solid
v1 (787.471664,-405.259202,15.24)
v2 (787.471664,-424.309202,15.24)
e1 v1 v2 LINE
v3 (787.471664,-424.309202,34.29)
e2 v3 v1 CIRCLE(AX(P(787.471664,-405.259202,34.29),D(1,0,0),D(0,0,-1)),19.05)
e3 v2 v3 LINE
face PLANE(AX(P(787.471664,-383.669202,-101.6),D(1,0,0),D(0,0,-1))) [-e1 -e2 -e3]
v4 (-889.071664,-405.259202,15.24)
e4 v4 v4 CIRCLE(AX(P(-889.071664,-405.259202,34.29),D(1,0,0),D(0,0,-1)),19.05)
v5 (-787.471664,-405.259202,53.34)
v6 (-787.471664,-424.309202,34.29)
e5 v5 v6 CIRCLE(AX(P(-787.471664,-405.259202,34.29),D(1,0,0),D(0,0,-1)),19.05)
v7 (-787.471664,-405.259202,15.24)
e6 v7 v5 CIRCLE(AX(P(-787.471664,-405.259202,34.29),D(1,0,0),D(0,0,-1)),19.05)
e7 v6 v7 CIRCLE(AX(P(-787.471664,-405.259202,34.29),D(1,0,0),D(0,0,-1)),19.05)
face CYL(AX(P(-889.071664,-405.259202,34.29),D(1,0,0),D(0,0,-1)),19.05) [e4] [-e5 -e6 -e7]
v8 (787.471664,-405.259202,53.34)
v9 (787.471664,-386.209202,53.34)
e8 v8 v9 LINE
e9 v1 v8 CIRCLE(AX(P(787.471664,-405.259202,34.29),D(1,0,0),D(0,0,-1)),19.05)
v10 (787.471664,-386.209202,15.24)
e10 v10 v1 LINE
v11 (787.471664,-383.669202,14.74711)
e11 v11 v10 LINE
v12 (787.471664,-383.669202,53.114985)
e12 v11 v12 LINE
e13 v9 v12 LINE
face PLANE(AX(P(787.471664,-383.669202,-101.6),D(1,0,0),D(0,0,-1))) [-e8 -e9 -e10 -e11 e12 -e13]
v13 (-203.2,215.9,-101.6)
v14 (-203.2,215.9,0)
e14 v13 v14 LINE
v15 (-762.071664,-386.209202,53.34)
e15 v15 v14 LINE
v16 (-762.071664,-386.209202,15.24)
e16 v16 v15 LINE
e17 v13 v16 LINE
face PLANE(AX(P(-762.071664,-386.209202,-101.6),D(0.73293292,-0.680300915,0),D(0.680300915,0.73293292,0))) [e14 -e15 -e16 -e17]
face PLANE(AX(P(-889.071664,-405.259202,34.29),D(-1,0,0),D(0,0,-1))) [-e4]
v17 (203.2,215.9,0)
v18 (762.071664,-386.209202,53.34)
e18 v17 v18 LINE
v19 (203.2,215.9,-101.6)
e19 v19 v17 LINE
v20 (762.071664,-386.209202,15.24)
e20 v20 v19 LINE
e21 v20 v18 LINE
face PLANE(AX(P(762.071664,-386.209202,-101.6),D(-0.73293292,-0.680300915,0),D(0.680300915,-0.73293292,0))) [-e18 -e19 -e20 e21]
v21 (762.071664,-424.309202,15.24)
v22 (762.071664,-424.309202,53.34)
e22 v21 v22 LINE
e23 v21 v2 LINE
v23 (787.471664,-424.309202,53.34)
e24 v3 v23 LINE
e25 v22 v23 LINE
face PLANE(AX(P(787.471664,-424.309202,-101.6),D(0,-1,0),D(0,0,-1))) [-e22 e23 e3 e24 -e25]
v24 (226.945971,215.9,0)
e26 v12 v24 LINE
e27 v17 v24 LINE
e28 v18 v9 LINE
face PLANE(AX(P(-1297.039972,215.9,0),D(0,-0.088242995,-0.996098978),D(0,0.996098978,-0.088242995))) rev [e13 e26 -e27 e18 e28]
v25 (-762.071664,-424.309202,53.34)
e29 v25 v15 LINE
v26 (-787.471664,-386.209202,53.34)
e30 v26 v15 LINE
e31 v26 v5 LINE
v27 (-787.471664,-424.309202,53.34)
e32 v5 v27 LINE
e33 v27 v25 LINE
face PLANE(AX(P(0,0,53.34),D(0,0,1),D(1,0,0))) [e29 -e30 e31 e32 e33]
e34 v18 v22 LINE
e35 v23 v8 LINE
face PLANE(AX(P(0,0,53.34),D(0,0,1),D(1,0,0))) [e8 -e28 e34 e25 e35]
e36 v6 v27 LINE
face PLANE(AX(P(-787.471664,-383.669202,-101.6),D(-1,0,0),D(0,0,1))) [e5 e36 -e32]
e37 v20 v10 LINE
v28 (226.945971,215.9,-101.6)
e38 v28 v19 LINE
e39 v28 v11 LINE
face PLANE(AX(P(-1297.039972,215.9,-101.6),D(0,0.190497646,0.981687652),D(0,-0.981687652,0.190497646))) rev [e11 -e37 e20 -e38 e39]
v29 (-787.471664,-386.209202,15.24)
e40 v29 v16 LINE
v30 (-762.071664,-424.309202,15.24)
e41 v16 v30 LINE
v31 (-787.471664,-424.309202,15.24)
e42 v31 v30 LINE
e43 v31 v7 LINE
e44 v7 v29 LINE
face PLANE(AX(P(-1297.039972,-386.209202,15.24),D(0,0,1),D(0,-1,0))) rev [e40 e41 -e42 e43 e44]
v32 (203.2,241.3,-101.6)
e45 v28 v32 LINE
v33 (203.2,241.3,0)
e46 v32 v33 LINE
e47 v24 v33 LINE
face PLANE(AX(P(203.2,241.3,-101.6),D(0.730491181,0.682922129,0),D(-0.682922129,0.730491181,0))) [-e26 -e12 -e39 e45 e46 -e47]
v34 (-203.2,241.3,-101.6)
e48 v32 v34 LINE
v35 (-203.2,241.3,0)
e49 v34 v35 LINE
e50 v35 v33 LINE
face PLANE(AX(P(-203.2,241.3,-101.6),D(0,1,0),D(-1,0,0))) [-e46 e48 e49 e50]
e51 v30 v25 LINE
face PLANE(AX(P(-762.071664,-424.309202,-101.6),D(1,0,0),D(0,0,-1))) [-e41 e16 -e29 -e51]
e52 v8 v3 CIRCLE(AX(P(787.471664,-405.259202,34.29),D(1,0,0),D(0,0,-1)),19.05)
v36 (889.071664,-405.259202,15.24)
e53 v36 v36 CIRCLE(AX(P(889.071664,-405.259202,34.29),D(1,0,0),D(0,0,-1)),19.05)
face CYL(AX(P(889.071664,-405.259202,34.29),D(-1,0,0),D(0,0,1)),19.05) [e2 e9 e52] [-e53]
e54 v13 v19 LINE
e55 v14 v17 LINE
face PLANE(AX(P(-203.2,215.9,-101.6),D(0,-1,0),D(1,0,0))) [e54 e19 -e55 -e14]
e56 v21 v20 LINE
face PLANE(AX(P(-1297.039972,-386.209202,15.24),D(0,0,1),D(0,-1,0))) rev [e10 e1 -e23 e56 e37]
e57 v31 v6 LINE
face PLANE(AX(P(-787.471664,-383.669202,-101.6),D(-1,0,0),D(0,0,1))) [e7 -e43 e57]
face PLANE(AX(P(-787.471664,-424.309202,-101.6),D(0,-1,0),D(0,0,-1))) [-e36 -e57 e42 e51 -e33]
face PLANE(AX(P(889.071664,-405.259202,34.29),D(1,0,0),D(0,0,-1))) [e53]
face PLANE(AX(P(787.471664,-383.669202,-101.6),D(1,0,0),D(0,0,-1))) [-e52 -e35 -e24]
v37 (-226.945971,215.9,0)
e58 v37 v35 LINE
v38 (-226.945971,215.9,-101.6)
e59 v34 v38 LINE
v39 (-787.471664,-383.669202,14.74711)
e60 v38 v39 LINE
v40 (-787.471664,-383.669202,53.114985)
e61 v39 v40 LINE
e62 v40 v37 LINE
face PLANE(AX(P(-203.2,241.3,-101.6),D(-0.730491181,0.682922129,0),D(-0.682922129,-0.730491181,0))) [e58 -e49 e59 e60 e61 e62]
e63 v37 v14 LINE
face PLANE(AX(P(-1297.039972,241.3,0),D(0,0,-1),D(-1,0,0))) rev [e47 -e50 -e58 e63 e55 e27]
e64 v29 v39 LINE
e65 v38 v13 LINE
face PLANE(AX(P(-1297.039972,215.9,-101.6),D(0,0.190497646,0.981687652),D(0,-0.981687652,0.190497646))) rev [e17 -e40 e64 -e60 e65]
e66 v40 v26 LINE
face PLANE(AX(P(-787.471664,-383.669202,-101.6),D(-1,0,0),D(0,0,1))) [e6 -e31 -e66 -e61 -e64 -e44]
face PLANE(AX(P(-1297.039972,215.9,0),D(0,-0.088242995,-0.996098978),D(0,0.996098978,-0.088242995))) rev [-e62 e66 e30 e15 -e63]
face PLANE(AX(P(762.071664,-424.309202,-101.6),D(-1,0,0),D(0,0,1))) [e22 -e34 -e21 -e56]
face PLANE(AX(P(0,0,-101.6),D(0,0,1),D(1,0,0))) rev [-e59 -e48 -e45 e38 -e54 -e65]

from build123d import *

# Parameters (mm, degrees)
BOSS_EXTRUDE6_DEPTH            = 53.34
BOSS_EXTRUDE6_DEPTH_BACK       = 101.6
SKETCH13_R                     = 19.05
BOSS_EXTRUDE7_DEPTH            = 101.6
CUT_EXTRUDE8_REACH             = 992.358
CUT_EXTRUDE8_DIRECTION_2_REACH = 992.358


with BuildPart() as part:
    # Sketch12 → Boss-Extrude6 (new, two sides: drawn at the far end of the back side and taken through both)
    with BuildSketch(Plane.XY.offset(-BOSS_EXTRUDE6_DEPTH_BACK)):
        Polygon((-203.2, 241.3), (203.2, 241.3), (787.471663752, -383.669201703), (787.471663752, -424.309201703), (762.071663752, -424.309201703), (762.071663752, -386.209201703), (203.2, 215.9), (-203.2, 215.9), (-762.071663752, -386.209201703), (-762.071663752, -424.309201703), (-787.471663752, -424.309201703), (-787.471663752, -383.669201703), align=None)
    extrude(amount=BOSS_EXTRUDE6_DEPTH + BOSS_EXTRUDE6_DEPTH_BACK)

    # Sketch13 → Boss-Extrude7 (add)
    with BuildSketch(Plane(origin=(787.471663752, 0, 0), x_dir=(0, 0, -1), z_dir=(1, 0, 0))):
        with Locations(Location((-34.29, -405.259201703, 0), (0, 0, 180))):
            Circle(SKETCH13_R)
    boss_extrude7 = extrude(amount=BOSS_EXTRUDE7_DEPTH)

    # Mirror1: Boss-Extrude7 across plane
    add(boss_extrude7.mirror(Plane(origin=(0, 0, 0), x_dir=(0, 0, 1), z_dir=(1, 0, 0))))

    # Cut-Extrude8: up to this plane
    cut_extrude8_end = Plane(origin=(-203.2, 241.3, -101.6), z_dir=(-0.7304911811601322, 0.6829221289775833, 0))
    # Sketch14 → Cut-Extrude8 (cut, up to the surface)
    with BuildSketch(Plane(origin=(0, 0, 0), x_dir=(0, 0, -1), z_dir=(1, 0, 0)), mode=Mode.PRIVATE) as cut_extrude8_sk1:
        Polygon((0, 241.3), (0, 215.9), (-53.34, -386.209201703), (-53.34, 241.3), align=None)
    cut_extrude8_tool1 = split(extrude(cut_extrude8_sk1.sketch, amount=-CUT_EXTRUDE8_REACH, mode=Mode.PRIVATE), bisect_by=cut_extrude8_end, keep=Keep.BOTH, mode=Mode.PRIVATE)
    add(cut_extrude8_tool1.solids().sort_by_distance((0, 31.800889, 34.868308))[0], mode=Mode.SUBTRACT)
    # Sketch14 → Cut-Extrude8 (cut, up to the surface)
    with BuildSketch(Plane(origin=(0, 0, 0), x_dir=(0, 0, -1), z_dir=(1, 0, 0)), mode=Mode.PRIVATE) as cut_extrude8_sk2:
        Polygon((101.6, 215.9), (-15.24, -386.209201703), (-15.24, -424.309201703), (101.6, -424.309201703), align=None)
    cut_extrude8_tool2 = split(extrude(cut_extrude8_sk2.sketch, amount=-CUT_EXTRUDE8_REACH, mode=Mode.PRIVATE), bisect_by=cut_extrude8_end, keep=Keep.BOTH, mode=Mode.PRIVATE)
    add(cut_extrude8_tool2.solids().sort_by_distance((0, -210.192787, -60.465735))[0], mode=Mode.SUBTRACT)

    # Cut-Extrude8 direction 2: up to this plane
    cut_extrude8_direction_2_end = Plane(origin=(203.2, 241.3, -101.6), z_dir=(0.7304911811601321, 0.6829221289775835, 0))
    # Sketch14 → Cut-Extrude8 direction 2 (cut, up to the surface)
    with BuildSketch(Plane(origin=(0, 0, 0), x_dir=(0, 0, -1), z_dir=(1, 0, 0)), mode=Mode.PRIVATE) as cut_extrude8_direction_2_sk1:
        Polygon((0, 241.3), (0, 215.9), (-53.34, -386.209201703), (-53.34, 241.3), align=None)
    cut_extrude8_direction_2_tool1 = split(extrude(cut_extrude8_direction_2_sk1.sketch, amount=CUT_EXTRUDE8_DIRECTION_2_REACH, mode=Mode.PRIVATE), bisect_by=cut_extrude8_direction_2_end, keep=Keep.BOTH, mode=Mode.PRIVATE)
    add(cut_extrude8_direction_2_tool1.solids().sort_by_distance((0, 31.800889, 34.868308))[0], mode=Mode.SUBTRACT)
    # Sketch14 → Cut-Extrude8 direction 2 (cut, up to the surface)
    with BuildSketch(Plane(origin=(0, 0, 0), x_dir=(0, 0, -1), z_dir=(1, 0, 0)), mode=Mode.PRIVATE) as cut_extrude8_direction_2_sk2:
        Polygon((101.6, 215.9), (-15.24, -386.209201703), (-15.24, -424.309201703), (101.6, -424.309201703), align=None)
    cut_extrude8_direction_2_tool2 = split(extrude(cut_extrude8_direction_2_sk2.sketch, amount=CUT_EXTRUDE8_DIRECTION_2_REACH, mode=Mode.PRIVATE), bisect_by=cut_extrude8_direction_2_end, keep=Keep.BOTH, mode=Mode.PRIVATE)
    add(cut_extrude8_direction_2_tool2.solids().sort_by_distance((0, -210.192787, -60.465735))[0], mode=Mode.SUBTRACT)


solid = part.part
